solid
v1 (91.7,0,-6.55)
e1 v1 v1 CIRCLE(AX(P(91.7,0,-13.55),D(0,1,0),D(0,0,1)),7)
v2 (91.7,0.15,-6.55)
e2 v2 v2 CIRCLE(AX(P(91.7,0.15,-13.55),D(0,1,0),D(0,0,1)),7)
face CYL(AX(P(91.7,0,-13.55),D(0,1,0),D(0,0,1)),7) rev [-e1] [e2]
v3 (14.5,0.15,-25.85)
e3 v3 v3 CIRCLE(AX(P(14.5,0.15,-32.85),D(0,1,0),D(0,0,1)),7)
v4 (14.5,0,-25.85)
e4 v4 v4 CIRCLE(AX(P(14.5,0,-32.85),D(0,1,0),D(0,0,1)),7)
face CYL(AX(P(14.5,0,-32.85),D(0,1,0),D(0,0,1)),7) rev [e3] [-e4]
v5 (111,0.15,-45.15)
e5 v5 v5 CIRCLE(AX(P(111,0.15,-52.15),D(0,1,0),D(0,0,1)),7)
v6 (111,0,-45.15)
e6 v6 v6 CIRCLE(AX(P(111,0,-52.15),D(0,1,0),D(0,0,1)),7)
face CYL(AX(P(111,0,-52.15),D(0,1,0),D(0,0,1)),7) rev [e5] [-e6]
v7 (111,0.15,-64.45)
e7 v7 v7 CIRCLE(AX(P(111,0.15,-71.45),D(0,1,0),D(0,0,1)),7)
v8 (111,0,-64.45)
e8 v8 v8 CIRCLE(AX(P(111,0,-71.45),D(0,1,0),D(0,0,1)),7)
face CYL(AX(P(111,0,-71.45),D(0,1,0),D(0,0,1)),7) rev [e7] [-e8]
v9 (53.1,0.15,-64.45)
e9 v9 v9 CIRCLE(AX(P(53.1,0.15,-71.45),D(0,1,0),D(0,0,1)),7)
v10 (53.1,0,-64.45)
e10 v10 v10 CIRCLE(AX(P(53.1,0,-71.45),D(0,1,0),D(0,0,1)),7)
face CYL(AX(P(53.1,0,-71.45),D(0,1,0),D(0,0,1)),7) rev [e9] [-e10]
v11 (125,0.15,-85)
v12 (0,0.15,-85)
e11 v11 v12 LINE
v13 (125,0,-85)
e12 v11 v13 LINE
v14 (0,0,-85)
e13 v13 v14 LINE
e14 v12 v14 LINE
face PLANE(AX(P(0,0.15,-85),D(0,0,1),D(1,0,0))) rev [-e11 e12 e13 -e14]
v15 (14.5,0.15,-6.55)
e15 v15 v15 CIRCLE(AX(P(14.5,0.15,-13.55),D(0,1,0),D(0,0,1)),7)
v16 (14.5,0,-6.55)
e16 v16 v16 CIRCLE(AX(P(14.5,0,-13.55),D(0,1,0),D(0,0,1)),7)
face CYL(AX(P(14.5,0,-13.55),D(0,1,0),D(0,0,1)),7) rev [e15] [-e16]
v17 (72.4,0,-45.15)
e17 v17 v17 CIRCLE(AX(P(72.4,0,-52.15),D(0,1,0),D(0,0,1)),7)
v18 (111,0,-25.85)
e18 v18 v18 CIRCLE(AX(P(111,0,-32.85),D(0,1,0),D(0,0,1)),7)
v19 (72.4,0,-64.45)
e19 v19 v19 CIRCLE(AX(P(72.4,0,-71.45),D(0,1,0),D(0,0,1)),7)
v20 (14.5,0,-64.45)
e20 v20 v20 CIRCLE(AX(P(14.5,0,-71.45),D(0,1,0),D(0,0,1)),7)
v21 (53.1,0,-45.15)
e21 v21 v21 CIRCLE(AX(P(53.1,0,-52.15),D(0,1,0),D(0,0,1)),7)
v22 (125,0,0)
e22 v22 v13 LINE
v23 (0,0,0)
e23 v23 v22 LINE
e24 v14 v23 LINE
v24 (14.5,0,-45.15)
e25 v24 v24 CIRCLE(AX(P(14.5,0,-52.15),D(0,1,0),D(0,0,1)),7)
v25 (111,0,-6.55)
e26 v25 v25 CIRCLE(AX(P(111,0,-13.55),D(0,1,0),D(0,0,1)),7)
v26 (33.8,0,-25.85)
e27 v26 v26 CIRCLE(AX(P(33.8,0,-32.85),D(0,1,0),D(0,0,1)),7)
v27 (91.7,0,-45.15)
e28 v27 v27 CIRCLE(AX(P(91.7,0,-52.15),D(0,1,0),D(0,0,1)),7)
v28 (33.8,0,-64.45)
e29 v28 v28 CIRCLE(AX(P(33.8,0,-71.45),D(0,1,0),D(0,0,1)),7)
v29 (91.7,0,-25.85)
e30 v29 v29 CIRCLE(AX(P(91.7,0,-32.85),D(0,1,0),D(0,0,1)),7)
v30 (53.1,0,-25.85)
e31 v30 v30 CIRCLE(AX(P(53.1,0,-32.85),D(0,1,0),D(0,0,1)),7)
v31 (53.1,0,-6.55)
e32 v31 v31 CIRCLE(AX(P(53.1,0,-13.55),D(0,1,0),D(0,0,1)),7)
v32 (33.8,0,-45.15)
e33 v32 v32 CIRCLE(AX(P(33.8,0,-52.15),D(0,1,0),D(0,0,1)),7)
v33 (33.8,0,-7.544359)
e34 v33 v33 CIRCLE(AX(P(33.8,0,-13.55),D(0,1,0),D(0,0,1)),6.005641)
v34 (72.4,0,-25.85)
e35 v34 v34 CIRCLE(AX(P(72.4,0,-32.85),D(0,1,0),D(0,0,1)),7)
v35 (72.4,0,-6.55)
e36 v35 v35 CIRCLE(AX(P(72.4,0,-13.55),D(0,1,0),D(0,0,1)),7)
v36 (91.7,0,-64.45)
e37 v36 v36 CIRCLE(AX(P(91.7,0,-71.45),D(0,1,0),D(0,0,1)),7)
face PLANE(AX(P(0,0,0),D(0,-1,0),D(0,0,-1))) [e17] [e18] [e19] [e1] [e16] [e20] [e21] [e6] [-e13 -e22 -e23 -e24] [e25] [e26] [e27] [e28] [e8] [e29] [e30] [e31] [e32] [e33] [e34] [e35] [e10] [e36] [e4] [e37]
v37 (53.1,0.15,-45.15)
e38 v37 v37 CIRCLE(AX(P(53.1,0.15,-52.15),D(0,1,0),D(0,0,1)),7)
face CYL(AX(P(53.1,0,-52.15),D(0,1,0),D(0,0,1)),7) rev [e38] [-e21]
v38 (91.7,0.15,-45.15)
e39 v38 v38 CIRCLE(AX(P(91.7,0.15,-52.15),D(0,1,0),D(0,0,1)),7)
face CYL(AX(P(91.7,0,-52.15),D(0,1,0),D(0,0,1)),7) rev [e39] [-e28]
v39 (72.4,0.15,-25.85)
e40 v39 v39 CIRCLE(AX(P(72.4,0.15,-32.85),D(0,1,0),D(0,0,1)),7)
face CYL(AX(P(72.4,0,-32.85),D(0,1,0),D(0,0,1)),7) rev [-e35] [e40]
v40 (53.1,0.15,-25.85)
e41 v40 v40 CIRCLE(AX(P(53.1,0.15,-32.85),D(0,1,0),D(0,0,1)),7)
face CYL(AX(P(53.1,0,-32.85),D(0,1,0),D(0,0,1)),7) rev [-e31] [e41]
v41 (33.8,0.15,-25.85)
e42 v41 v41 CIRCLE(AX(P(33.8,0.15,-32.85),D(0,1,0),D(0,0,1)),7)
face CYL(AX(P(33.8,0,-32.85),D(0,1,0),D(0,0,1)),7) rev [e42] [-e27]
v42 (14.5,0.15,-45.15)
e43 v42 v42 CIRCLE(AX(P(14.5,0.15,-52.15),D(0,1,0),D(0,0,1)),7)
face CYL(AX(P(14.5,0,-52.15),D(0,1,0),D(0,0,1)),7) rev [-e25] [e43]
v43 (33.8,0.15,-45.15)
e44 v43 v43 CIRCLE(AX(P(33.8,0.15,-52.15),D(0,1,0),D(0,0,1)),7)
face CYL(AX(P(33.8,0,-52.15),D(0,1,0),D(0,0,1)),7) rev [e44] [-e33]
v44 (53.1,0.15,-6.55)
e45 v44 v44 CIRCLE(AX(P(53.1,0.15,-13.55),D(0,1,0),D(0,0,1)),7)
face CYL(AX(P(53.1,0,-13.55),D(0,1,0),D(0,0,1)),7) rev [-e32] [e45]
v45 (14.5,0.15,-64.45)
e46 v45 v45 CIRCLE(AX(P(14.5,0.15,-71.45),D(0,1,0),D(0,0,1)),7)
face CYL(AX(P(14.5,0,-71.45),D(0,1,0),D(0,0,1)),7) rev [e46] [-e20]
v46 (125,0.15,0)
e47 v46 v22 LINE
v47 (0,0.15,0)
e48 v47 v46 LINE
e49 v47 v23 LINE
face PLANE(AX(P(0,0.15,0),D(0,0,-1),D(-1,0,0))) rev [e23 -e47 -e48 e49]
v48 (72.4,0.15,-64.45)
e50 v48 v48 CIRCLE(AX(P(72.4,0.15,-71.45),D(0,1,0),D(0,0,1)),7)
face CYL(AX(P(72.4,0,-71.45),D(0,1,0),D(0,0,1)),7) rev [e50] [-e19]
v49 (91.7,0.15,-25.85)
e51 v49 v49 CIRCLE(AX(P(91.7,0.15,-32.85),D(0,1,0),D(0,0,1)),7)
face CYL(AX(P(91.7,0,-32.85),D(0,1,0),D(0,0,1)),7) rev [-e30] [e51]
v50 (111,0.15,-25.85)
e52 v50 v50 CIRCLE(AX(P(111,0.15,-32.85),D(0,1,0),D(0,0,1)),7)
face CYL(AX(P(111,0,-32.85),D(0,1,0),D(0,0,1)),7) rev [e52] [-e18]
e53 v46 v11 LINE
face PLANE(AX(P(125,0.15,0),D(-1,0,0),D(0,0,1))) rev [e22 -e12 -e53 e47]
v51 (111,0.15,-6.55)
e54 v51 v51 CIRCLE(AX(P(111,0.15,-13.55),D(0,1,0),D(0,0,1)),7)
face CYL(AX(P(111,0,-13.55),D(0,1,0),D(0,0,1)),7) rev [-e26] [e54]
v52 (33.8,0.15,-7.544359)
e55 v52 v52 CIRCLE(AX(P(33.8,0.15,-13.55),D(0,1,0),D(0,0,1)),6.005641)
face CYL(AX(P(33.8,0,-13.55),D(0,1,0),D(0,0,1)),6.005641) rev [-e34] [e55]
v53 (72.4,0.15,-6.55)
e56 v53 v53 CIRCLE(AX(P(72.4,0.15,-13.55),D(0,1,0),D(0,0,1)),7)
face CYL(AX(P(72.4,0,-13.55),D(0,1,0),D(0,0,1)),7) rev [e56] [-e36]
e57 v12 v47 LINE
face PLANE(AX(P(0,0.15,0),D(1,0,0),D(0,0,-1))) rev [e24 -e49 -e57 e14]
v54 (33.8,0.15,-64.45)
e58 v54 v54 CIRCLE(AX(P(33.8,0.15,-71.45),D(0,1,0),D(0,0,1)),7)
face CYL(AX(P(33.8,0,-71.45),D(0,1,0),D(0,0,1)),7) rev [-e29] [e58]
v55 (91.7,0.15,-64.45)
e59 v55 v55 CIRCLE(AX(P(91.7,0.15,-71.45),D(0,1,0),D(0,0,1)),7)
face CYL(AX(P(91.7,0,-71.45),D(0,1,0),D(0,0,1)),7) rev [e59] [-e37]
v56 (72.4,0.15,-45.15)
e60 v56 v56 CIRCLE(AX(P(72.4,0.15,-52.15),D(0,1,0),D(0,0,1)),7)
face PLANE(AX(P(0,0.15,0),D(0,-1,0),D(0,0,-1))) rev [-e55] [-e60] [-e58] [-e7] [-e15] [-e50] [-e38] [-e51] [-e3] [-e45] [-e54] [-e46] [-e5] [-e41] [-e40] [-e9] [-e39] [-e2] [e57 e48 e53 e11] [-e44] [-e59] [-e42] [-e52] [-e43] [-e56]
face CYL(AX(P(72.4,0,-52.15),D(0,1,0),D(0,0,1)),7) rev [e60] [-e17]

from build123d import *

# Parameters (mm, degrees)
SKETCH1_W           = 125
SKETCH1_H           = 85
BOSS_EXTRUDE1_DEPTH = 0.15
SKETCH2_R           = 7
SKETCH2_R_2         = 6.005641262
CUT_EXTRUDE1_DEPTH  = 0.15


with BuildPart() as part:
    # Sketch1 → Boss-Extrude1 (new body)
    with BuildSketch(Plane(origin=(0, 0, 0), x_dir=(1, 0, 0), z_dir=(0, 1, 0))):
        with Locations((62.5, 42.5)):
            Rectangle(SKETCH1_W, SKETCH1_H)
    extrude(amount=BOSS_EXTRUDE1_DEPTH)

    # Sketch2 → Cut-Extrude1 (cut)
    with BuildSketch(Plane(origin=(0, 0.15, 0), x_dir=(1, 0, 0), z_dir=(0, 1, 0))):
        with Locations(Location((14.5, 13.55, 0), (0, 0, 270))):
            Circle(SKETCH2_R)
        with Locations(Location((14.5, 32.85, 0), (0, 0, 270))):
            Circle(SKETCH2_R)
        with Locations(Location((14.5, 52.15, 0), (0, 0, 270))):
            Circle(SKETCH2_R)
        with Locations(Location((14.5, 71.45, 0), (0, 0, 270))):
            Circle(SKETCH2_R)
        with Locations(Location((33.8, 71.45, 0), (0, 0, 270))):
            Circle(SKETCH2_R)
        with Locations(Location((53.1, 71.45, 0), (0, 0, 270))):
            Circle(SKETCH2_R)
        with Locations(Location((72.4, 71.45, 0), (0, 0, 270))):
            Circle(SKETCH2_R)
        with Locations(Location((91.7, 71.45, 0), (0, 0, 270))):
            Circle(SKETCH2_R)
        with Locations(Location((111, 71.45, 0), (0, 0, 270))):
            Circle(SKETCH2_R)
        with Locations(Location((33.8, 52.15, 0), (0, 0, 270))):
            Circle(SKETCH2_R)
        with Locations(Location((33.8, 32.85, 0), (0, 0, 270))):
            Circle(SKETCH2_R)
        with Locations(Location((53.1, 52.15, 0), (0, 0, 270))):
            Circle(SKETCH2_R)
        with Locations(Location((53.1, 32.85, 0), (0, 0, 270))):
            Circle(SKETCH2_R)
        with Locations(Location((72.4, 52.15, 0), (0, 0, 270))):
            Circle(SKETCH2_R)
        with Locations(Location((91.7, 52.15, 0), (0, 0, 270))):
            Circle(SKETCH2_R)
        with Locations(Location((111, 52.15, 0), (0, 0, 270))):
            Circle(SKETCH2_R)
        with Locations(Location((72.4, 32.85, 0), (0, 0, 270))):
            Circle(SKETCH2_R)
        with Locations(Location((91.7, 32.85, 0), (0, 0, 270))):
            Circle(SKETCH2_R)
        with Locations(Location((111, 32.85, 0), (0, 0, 270))):
            Circle(SKETCH2_R)
        with Locations(Location((33.8, 13.55, 0), (0, 0, 270))):
            Circle(SKETCH2_R_2)
        with Locations(Location((53.1, 13.55, 0), (0, 0, 270))):
            Circle(SKETCH2_R)
        with Locations(Location((72.4, 13.55, 0), (0, 0, 270))):
            Circle(SKETCH2_R)
        with Locations(Location((91.7, 13.55, 0), (0, 0, 270))):
            Circle(SKETCH2_R)
        with Locations(Location((111, 13.55, 0), (0, 0, 270))):
            Circle(SKETCH2_R)
    extrude(amount=-CUT_EXTRUDE1_DEPTH, mode=Mode.SUBTRACT)


solid = part.part
